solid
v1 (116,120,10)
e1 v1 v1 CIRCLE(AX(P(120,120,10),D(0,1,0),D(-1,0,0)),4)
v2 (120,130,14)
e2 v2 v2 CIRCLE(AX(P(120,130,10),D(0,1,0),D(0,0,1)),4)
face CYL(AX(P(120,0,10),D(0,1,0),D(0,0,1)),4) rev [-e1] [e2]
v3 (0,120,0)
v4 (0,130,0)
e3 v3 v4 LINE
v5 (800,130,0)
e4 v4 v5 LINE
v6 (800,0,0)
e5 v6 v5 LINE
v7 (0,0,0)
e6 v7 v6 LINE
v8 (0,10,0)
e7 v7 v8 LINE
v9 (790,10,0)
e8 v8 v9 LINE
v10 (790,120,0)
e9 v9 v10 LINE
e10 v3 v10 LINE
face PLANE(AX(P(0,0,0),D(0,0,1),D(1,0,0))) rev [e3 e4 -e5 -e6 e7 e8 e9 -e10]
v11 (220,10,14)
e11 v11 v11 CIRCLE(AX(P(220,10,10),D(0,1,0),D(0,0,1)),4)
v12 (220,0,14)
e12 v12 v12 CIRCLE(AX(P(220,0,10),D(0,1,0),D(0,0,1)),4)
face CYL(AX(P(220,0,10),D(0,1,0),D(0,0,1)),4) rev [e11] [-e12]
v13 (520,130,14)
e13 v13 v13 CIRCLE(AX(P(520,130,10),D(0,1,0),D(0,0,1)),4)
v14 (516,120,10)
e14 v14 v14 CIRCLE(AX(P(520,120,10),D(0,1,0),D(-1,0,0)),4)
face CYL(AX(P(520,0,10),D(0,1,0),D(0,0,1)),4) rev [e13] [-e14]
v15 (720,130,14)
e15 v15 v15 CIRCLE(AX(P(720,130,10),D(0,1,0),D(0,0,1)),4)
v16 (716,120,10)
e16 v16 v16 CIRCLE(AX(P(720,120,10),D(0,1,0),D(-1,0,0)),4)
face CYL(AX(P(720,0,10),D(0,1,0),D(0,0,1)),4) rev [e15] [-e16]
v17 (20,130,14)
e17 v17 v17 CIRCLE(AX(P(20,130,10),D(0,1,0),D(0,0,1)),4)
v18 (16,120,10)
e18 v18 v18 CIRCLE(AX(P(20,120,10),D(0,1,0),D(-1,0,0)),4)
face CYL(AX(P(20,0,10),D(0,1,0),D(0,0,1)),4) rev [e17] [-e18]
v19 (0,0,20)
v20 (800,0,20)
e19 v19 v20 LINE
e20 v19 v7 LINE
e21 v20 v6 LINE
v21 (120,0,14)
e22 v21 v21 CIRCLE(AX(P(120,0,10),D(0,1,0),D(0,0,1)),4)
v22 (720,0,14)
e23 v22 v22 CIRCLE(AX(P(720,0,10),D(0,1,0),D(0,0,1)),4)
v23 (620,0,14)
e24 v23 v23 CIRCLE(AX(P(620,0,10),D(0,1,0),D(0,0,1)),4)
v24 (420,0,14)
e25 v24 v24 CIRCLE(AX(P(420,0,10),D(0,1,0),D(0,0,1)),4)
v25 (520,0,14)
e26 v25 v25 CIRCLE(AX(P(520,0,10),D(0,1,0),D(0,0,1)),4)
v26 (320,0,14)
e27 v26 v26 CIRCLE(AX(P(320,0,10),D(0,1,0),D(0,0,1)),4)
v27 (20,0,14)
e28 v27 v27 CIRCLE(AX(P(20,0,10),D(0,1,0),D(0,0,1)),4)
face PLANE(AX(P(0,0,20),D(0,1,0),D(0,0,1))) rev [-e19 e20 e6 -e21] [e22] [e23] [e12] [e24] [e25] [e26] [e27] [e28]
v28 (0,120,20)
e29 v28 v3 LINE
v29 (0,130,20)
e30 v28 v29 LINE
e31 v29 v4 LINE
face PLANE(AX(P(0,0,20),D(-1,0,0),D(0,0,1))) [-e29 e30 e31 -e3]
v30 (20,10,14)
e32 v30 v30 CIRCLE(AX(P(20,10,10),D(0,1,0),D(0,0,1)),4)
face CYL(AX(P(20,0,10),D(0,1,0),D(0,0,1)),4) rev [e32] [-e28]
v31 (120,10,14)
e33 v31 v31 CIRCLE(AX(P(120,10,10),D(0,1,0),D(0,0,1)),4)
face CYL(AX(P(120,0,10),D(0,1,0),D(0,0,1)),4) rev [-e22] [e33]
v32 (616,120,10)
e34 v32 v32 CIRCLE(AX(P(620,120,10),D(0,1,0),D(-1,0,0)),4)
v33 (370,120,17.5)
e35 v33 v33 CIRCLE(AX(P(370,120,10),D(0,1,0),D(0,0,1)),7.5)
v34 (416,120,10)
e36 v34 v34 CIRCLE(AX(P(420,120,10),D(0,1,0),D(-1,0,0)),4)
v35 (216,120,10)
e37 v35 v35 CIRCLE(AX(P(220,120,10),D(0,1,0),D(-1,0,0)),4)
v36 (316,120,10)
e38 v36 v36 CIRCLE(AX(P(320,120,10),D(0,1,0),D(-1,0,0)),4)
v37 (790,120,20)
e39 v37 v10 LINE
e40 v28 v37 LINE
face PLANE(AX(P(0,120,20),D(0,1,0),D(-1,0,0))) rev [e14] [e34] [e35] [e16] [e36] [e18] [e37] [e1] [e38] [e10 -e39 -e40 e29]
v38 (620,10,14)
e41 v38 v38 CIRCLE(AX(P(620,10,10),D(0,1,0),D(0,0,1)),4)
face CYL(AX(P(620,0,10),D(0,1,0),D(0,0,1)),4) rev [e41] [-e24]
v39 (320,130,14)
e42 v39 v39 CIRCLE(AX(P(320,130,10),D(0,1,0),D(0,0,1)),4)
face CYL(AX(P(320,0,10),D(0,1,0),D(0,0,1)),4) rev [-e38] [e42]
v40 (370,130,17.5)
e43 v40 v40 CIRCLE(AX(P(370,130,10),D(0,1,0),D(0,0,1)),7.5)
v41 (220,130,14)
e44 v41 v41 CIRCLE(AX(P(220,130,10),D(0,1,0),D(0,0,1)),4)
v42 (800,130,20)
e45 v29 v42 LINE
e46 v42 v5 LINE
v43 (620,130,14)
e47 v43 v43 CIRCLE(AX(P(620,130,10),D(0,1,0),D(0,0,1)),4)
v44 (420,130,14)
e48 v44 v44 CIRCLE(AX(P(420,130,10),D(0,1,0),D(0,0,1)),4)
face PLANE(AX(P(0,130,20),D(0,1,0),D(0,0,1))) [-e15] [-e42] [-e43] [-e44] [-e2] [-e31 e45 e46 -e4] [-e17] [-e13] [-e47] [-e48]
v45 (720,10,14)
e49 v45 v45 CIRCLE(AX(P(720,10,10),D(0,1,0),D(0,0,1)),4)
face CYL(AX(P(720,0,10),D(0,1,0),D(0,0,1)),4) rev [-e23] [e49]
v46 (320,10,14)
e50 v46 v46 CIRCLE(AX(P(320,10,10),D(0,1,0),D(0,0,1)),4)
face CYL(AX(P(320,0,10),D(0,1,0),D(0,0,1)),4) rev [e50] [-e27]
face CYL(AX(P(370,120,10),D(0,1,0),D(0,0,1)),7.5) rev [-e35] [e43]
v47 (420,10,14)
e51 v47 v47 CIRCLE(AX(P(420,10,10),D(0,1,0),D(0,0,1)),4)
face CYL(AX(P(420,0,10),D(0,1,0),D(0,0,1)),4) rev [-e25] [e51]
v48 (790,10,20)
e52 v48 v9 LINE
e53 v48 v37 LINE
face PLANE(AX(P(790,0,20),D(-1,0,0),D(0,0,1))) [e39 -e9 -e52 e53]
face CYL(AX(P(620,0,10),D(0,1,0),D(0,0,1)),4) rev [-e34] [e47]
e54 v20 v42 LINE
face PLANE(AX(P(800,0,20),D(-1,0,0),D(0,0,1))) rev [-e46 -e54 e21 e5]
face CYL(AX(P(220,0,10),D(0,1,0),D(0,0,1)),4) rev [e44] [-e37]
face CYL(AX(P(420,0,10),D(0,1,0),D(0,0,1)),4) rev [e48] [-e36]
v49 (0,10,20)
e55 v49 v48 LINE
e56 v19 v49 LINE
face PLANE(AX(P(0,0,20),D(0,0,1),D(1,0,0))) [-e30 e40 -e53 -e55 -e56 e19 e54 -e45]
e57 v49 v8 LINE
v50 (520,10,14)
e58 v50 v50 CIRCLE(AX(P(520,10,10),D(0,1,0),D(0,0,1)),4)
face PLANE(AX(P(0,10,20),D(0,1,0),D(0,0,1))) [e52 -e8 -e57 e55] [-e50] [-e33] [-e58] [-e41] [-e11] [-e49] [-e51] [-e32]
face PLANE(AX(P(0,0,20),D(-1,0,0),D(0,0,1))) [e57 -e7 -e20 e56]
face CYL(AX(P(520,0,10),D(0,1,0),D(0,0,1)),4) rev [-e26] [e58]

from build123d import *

# Parameters (mm, degrees)
BOSS_EXTRU_1_DEPTH         = 20
ESQUISSE2_R                = 4
ENL_V_MAT_EXTRU_1_DEPTH    = 811.740402348
R_P_TITION_LIN_AIRE1_COUNT = 8
R_P_TITION_LIN_AIRE1_PITCH = 100
ESQUISSE3_R                = 7.5
ENL_V_MAT_EXTRU_2_DEPTH    = 10


with BuildPart() as part:
    # Esquisse1 → Boss.-Extru.1 (new body)
    with BuildSketch(Plane.XY):
        Polygon((0, 130), (0, 120), (790, 120), (790, 10), (0, 10), (0, 0), (800, 0), (800, 130), align=None)
    extrude(amount=BOSS_EXTRU_1_DEPTH)

    # Esquisse2 → Enlèv. mat.-Extru.1 (cut, through all)
    with BuildSketch(Plane(origin=(0, 130, 0), x_dir=(1, 0, 0), z_dir=(0, 1, 0))):
        with Locations(Location((20, -10, 0), (0, 0, 270))):
            Circle(ESQUISSE2_R)
    enl_v_mat_extru_1 = extrude(amount=-ENL_V_MAT_EXTRU_1_DEPTH, mode=Mode.SUBTRACT)

    # Répétition linéaire1: Enlèv. mat.-Extru.1 ×8
    with Locations(*[(i * R_P_TITION_LIN_AIRE1_PITCH, 0, 0) for i in range(1, R_P_TITION_LIN_AIRE1_COUNT)]):
        add(enl_v_mat_extru_1, mode=Mode.SUBTRACT)

    # Esquisse3 → Enlèv. mat.-Extru.2 (cut)
    with BuildSketch(Plane(origin=(0, 130, 0), x_dir=(1, 0, 0), z_dir=(0, 1, 0))):
        with Locations(Location((370, -10, 0), (0, 0, 270))):
            Circle(ESQUISSE3_R)
    extrude(amount=-ENL_V_MAT_EXTRU_2_DEPTH, mode=Mode.SUBTRACT)


solid = part.part
